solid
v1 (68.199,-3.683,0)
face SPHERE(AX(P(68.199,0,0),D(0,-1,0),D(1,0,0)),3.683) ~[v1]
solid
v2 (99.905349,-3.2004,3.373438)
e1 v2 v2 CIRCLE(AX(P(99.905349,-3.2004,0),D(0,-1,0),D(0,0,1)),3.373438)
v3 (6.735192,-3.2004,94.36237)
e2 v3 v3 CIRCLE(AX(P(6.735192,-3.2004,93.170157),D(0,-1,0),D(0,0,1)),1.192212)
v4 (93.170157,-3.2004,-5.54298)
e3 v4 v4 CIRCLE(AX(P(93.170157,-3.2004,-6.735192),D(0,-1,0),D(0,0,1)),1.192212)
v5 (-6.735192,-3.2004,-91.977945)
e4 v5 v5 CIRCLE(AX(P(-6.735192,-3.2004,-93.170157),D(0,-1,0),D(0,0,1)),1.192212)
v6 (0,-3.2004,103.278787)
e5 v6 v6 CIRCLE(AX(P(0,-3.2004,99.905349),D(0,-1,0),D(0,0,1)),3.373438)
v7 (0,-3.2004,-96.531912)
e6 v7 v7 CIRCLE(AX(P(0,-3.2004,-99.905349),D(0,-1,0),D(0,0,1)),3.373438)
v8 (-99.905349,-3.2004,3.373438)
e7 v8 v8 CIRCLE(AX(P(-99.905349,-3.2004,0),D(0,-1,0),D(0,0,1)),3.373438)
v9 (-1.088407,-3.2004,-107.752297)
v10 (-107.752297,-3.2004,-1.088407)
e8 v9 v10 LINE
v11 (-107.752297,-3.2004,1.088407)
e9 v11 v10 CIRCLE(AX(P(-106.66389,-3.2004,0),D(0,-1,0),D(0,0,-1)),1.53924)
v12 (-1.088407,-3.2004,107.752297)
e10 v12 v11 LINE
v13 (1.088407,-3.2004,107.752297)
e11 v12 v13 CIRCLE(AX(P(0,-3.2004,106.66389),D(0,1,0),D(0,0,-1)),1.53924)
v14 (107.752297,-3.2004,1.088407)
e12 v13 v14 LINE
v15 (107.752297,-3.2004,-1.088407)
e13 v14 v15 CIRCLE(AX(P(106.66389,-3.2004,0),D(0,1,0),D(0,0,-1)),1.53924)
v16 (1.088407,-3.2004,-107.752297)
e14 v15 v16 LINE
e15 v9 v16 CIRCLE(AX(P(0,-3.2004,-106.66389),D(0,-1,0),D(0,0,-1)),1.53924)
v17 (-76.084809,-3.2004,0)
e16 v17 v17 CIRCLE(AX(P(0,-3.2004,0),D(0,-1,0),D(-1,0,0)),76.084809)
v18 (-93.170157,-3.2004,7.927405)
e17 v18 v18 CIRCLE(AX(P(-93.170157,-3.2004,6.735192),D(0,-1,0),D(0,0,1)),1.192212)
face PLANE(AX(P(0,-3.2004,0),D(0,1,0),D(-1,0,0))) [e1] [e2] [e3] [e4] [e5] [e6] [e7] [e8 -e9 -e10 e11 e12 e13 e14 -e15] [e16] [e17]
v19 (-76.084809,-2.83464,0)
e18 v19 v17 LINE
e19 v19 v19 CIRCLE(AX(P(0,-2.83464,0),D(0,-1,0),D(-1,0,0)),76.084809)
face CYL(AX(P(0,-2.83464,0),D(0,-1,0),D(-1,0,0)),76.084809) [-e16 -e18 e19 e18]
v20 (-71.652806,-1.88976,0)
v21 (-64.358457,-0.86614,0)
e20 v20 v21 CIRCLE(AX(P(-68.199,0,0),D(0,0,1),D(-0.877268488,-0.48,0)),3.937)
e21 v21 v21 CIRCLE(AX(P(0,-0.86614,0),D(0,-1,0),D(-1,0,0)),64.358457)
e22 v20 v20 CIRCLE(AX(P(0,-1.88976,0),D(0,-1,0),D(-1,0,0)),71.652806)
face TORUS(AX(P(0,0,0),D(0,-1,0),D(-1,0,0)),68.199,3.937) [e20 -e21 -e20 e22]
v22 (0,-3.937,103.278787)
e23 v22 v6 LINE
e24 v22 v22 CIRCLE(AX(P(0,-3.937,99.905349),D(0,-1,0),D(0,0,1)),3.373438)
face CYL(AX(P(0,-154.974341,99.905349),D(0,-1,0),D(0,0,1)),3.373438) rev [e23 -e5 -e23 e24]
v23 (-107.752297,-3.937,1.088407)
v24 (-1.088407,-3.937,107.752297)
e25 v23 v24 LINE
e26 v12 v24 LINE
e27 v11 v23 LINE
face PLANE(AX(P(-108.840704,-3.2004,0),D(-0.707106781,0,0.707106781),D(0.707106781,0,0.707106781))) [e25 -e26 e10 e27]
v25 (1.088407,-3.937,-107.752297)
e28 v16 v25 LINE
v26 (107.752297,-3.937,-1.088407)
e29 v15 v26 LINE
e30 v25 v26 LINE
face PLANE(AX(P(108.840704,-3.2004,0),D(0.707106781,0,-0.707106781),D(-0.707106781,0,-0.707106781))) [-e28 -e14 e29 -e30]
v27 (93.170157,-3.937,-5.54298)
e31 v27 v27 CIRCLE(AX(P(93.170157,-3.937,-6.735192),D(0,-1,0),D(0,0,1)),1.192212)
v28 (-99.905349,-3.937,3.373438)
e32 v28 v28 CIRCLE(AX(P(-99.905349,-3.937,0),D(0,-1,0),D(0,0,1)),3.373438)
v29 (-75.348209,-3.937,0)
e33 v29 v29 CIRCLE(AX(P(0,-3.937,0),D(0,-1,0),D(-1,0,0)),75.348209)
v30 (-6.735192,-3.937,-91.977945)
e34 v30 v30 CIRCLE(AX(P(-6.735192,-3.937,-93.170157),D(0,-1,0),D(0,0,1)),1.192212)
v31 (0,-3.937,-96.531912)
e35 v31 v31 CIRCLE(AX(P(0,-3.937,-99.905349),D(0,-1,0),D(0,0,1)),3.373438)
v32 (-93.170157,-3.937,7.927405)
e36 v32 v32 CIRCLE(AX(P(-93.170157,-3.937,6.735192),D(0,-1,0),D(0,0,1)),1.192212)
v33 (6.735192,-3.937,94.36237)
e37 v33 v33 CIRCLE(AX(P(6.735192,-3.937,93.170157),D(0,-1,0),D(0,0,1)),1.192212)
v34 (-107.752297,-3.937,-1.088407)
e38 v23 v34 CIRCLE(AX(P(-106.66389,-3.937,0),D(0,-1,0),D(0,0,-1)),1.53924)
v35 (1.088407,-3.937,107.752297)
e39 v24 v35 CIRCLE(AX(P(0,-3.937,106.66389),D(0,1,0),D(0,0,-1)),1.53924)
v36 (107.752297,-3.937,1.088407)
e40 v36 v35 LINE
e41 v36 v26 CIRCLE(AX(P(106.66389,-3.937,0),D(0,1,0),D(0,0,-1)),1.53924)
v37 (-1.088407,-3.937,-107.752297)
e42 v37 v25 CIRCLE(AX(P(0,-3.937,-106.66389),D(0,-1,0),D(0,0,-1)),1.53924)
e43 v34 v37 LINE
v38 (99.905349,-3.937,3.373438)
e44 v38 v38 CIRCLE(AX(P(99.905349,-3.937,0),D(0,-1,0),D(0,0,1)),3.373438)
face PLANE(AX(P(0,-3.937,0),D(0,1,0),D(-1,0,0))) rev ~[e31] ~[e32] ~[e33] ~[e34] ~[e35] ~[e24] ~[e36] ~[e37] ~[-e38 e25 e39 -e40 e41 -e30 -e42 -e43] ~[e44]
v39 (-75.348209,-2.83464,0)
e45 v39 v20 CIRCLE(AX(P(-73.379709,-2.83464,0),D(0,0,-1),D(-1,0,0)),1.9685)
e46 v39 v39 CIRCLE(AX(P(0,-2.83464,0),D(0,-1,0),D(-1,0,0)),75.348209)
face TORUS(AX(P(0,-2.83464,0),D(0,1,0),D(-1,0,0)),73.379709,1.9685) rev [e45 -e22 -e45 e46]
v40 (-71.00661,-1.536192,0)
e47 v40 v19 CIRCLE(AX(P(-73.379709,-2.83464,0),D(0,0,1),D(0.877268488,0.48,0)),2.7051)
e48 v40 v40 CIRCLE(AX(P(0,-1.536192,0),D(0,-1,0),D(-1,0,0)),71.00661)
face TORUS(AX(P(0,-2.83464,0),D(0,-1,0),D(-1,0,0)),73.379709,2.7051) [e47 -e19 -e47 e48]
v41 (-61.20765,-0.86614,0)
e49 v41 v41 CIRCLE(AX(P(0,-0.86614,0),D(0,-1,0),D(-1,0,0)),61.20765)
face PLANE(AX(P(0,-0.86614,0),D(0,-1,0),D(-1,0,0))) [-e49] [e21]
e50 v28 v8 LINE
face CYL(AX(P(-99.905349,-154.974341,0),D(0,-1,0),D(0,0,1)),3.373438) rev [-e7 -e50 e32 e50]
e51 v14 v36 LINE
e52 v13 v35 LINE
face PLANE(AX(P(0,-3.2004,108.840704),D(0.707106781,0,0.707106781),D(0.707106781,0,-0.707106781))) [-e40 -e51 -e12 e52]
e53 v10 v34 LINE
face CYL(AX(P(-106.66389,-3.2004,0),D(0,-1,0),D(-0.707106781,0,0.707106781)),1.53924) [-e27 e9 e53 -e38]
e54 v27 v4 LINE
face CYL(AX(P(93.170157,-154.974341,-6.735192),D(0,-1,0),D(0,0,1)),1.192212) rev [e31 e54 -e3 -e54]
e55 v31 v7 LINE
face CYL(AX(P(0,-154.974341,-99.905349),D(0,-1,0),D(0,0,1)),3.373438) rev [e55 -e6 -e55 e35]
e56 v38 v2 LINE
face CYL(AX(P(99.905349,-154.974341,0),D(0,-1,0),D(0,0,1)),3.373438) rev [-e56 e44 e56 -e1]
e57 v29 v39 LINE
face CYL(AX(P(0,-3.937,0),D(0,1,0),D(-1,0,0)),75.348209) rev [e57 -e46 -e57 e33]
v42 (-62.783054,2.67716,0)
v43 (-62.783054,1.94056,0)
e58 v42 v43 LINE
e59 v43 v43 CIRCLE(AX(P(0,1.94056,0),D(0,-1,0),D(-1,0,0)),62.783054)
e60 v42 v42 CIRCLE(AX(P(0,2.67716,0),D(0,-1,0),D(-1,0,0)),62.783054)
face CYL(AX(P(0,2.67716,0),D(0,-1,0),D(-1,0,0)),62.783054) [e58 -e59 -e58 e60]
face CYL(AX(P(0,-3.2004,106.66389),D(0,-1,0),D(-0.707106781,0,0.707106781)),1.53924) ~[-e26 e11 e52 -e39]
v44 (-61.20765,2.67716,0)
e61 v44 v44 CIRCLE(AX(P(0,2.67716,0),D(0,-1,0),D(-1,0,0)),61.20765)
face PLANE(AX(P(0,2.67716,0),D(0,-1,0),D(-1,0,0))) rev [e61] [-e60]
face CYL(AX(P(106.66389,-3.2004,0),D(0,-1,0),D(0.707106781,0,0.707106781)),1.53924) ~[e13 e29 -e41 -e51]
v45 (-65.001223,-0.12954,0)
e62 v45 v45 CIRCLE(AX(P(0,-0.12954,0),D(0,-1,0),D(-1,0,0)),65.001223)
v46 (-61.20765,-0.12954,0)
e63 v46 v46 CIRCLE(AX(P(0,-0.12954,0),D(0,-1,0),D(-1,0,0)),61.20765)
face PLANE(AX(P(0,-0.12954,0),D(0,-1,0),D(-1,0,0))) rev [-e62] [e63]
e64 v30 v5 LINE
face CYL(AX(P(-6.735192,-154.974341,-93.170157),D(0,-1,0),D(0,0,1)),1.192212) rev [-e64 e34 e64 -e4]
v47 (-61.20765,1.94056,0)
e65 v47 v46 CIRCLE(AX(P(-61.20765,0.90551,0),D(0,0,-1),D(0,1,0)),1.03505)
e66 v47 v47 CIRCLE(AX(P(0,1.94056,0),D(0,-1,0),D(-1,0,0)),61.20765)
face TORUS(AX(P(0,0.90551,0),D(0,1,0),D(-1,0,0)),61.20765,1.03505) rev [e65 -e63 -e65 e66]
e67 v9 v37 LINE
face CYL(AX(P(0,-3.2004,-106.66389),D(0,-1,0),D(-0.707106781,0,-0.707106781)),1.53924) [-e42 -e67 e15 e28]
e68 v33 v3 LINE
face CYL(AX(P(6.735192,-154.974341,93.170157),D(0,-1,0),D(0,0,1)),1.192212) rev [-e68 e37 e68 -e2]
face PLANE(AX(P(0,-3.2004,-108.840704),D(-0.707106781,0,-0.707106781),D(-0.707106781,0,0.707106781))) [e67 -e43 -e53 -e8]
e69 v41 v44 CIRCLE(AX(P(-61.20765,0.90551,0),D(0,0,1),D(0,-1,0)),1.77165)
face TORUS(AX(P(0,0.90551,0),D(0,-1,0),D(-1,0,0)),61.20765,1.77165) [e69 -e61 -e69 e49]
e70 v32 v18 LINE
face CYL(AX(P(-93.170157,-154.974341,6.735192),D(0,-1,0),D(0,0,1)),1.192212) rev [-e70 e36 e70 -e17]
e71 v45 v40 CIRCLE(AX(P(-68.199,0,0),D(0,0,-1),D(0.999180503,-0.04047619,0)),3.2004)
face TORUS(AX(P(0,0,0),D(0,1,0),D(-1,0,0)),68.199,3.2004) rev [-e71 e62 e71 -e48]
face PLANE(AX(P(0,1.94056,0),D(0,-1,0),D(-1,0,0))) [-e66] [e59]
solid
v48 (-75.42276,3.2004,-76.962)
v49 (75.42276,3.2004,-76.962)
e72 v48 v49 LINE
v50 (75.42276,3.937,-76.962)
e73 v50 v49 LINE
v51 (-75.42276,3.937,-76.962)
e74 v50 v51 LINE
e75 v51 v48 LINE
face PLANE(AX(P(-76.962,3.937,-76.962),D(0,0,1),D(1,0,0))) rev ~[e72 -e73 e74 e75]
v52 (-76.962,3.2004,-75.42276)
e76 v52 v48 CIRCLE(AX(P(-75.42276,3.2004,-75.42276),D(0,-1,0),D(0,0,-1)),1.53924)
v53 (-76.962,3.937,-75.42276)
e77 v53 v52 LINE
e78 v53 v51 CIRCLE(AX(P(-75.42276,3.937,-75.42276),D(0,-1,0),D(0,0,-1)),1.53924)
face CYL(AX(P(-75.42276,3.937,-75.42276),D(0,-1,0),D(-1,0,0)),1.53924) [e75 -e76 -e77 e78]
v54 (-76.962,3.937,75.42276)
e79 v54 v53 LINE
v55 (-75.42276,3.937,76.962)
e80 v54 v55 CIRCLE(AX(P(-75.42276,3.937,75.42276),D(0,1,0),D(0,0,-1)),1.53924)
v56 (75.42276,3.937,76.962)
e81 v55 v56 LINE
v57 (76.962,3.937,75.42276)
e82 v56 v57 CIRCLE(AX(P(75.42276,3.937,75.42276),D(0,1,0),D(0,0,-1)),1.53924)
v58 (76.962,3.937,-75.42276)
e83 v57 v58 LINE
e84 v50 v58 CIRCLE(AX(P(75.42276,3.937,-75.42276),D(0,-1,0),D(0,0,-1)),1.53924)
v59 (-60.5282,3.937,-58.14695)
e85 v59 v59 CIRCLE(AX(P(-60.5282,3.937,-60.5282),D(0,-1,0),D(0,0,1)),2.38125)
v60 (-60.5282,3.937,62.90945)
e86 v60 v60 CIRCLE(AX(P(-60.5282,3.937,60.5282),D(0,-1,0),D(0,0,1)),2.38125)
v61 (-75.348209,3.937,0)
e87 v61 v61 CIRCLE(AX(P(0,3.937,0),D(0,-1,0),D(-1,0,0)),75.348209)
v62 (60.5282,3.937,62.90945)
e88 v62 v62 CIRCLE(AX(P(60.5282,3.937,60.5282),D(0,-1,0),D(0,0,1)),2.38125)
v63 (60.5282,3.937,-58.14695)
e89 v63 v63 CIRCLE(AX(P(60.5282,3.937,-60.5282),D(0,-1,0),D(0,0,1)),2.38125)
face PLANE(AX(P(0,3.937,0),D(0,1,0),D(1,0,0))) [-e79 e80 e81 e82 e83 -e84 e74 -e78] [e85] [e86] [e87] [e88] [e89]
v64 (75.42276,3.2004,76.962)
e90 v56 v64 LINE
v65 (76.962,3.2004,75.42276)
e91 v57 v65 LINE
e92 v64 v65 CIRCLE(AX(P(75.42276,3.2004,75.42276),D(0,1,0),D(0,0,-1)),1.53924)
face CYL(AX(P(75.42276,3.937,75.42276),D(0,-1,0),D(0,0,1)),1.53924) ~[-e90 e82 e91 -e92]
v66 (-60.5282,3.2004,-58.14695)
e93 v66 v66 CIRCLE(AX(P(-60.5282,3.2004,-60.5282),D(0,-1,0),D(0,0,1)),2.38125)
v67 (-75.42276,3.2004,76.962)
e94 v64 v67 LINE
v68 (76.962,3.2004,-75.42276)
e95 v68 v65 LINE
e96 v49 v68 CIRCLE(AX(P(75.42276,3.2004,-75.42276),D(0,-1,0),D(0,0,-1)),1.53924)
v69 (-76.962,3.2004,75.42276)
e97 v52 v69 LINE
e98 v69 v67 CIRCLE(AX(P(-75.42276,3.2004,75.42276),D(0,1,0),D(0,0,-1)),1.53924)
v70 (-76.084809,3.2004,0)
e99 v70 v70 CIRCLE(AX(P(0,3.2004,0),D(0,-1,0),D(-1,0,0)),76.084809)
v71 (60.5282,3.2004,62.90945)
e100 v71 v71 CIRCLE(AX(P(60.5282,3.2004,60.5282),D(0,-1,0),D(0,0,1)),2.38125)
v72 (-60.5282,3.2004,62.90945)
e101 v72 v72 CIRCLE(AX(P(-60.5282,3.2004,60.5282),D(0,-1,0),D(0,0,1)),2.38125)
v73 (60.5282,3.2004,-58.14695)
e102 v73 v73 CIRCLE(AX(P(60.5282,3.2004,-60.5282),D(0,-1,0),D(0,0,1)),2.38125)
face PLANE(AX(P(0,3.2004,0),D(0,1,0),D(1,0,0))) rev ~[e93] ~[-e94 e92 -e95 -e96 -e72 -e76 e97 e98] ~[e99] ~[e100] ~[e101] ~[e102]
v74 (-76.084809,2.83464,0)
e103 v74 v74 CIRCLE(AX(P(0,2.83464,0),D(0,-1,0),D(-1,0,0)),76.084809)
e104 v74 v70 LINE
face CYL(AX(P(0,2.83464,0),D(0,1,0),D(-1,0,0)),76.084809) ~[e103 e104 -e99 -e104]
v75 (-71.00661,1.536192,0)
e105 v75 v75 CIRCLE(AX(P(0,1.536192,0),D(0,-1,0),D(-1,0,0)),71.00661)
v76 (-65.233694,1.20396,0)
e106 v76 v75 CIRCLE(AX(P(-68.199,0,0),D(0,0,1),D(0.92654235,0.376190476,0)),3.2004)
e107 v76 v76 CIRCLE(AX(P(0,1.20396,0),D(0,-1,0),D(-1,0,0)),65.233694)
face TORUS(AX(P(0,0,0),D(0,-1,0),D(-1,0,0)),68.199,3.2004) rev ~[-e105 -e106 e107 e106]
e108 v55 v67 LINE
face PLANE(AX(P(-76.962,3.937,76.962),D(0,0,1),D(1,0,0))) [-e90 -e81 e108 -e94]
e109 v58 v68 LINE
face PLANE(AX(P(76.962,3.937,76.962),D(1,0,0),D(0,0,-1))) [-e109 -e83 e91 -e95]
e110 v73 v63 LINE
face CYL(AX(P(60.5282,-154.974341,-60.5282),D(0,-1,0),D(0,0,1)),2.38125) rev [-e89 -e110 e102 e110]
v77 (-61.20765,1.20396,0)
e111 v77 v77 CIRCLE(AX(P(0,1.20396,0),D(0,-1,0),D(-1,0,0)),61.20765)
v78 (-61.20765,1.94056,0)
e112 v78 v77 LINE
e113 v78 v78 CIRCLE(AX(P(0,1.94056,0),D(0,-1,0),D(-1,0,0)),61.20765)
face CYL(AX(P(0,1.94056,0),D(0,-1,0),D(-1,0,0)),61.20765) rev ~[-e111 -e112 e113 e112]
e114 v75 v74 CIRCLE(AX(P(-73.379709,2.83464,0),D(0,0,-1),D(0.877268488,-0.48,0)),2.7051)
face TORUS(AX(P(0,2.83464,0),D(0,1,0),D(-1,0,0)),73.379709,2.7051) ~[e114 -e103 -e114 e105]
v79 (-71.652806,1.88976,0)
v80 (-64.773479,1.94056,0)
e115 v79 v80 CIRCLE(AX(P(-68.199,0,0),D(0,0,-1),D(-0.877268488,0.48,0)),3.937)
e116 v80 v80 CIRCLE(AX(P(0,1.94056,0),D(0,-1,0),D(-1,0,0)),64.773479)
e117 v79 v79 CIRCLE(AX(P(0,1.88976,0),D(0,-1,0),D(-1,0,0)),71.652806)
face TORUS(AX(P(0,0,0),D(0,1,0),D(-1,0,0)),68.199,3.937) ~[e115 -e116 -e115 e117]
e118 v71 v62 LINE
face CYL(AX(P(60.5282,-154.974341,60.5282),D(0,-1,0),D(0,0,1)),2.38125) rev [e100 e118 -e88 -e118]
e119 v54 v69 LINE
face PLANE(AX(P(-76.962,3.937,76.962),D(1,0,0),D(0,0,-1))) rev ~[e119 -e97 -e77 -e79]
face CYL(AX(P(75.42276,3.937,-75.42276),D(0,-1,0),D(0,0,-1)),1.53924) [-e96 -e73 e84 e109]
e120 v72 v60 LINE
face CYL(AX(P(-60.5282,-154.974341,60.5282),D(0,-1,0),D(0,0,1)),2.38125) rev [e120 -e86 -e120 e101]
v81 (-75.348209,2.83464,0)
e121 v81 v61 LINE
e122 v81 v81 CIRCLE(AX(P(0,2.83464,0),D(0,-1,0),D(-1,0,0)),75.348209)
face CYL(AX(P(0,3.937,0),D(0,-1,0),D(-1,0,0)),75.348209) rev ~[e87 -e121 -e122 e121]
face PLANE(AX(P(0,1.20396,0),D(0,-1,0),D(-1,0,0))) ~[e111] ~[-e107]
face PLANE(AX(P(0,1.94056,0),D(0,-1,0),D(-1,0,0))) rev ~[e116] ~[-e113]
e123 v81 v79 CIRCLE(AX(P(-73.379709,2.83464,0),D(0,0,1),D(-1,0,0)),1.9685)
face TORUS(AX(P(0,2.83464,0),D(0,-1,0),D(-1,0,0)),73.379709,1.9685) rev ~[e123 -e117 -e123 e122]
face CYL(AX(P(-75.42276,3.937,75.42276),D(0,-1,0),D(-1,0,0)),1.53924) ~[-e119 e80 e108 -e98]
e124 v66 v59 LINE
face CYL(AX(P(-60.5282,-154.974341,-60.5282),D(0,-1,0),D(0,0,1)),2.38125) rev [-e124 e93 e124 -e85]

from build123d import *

# Parameters (mm, degrees)
SKETCH4_W               = 153.924
SKETCH4_H               = 153.924
SKETCH4_R               = 75.348209056
BOSS_EXTRUDE1_DEPTH     = 0.7366
BOSS_EXTRUDE2_START     = -0.7366
SKETCH5_R               = 75.348209056
BOSS_EXTRUDE2_DEPTH     = 0.7366
CUT_EXTRUDE1_DEPTH      = 154.974341193
CUT_EXTRUDE1_DEPTH_BACK = 154.974341193
SKETCH6_R               = 2.38125
CUT_EXTRUDE2_DEPTH      = 154.974341193
CUT_EXTRUDE2_DEPTH_BACK = 154.974341193
SKETCH7_R               = 3.3734375
SKETCH7_R_2             = 1.1922125
FILLET1_R               = 1.53924
FILLET2_R               = 1.53924


with BuildPart() as part:
    # Sketch3 → Revolve-Thin1 (revolve)
    with BuildSketch(Plane.XY, mode=Mode.PRIVATE) as revolve_thin1_sk:
        with BuildLine():
            Line((76.962, -3.937), (75.348209056, -3.937))
            Line((75.348209056, -3.937), (75.348209056, -2.83464))
            ThreePointArc((75.348209056, -2.83464), (73.867348091, -0.927495427), (71.652806037, -1.88976))
            ThreePointArc((71.652806037, -1.88976), (67.651879497, -3.898798296), (64.358457004, -0.86614))
            Line((64.358457004, -0.86614), (61.20765, -0.86614))
            ThreePointArc((61.20765, -0.86614), (59.436, 0.90551), (61.20765, 2.67716))
            Line((61.20765, 2.67716), (62.783053502, 2.67716))
            Line((62.783053502, 2.67716), (62.783053502, 1.94056))
            Line((62.783053502, 1.94056), (61.20765, 1.94056))
            ThreePointArc((61.20765, 1.94056), (60.1726, 0.90551), (61.20765, -0.12954))
            Line((61.20765, -0.12954), (65.001222718, -0.12954))
            ThreePointArc((65.001222718, -0.12954), (67.469119821, -3.116060828), (71.006610069, -1.536192))
            ThreePointArc((71.006610069, -1.536192), (74.049819472, -0.213854232), (76.084809056, -2.83464))
            Line((76.084809056, -2.83464), (76.084809056, -3.2004))
            Line((76.084809056, -3.2004), (76.962, -3.2004))
            Line((76.962, -3.2004), (76.962, -3.937))
        make_face()
    revolve(revolve_thin1_sk.sketch.rotate(Axis((0, 3.937, 0), (0, -1, 0)), 180), axis=Axis((0, 3.937, 0), (0, -1, 0)))

    # Sketch5 → Boss-Extrude2 (add)
    with BuildSketch(Plane.XZ.offset(3.937).offset(BOSS_EXTRUDE2_START)):
        Polygon((-108.840704187, 0), (0, 108.840704187), (108.840704187, 0), (0, -108.840704187), align=None)
        with Locations(Location((0, 0, 0), (0, 0, 180))):
            Circle(SKETCH5_R, mode=Mode.SUBTRACT)
    extrude(amount=BOSS_EXTRUDE2_DEPTH)

    # Sketch7 → Cut-Extrude2 (cut, two sides: drawn at the far end of the back side and taken through both)
    with BuildSketch(Plane(origin=(0, 0, 0), x_dir=(1, 0, 0), z_dir=(0, 1, 0)).offset(-CUT_EXTRUDE2_DEPTH_BACK)):
        with Locations(Location((99.905349347, 0, 0), (0, 0, 270))):
            Circle(SKETCH7_R)
        with Locations(Location((0, 99.905349347, 0), (0, 0, 270))):
            Circle(SKETCH7_R)
        with Locations(Location((-99.905349347, 0, 0), (0, 0, 270))):
            Circle(SKETCH7_R)
        with Locations(Location((0, -99.905349347, 0), (0, 0, 270))):
            Circle(SKETCH7_R)
        with Locations(Location((6.735192091, -93.170157256, 0), (0, 0, 270))):
            Circle(SKETCH7_R_2)
        with Locations(Location((-93.170157256, -6.735192091, 0), (0, 0, 270))):
            Circle(SKETCH7_R_2)
        with Locations(Location((-6.735192091, 93.170157256, 0), (0, 0, 270))):
            Circle(SKETCH7_R_2)
        with Locations(Location((93.170157256, 6.735192091, 0), (0, 0, 270))):
            Circle(SKETCH7_R_2)
    extrude(amount=CUT_EXTRUDE2_DEPTH + CUT_EXTRUDE2_DEPTH_BACK, mode=Mode.SUBTRACT)

    # Fillet2
    fillet2_edges = [part.edges().sort_by_distance(p)[0] for p in [
        (0, -3.5687, -108.840704187),
        (-108.840704187, -3.5687, 0),
        (0, -3.5687, 108.840704187),
        (108.840704187, -3.5687, 0),
    ]]
    fillet(fillet2_edges, radius=FILLET2_R)


with BuildPart() as body_2:
    # Sketch3<3> → Revolve-Thin2 (revolve)
    with BuildSketch(Plane.XY, mode=Mode.PRIVATE) as revolve_thin2_sk:
        with BuildLine():
            Line((76.962, 3.937), (75.348209056, 3.937))
            Line((75.348209056, 3.937), (75.348209056, 2.83464))
            ThreePointArc((75.348209056, 2.83464), (73.867348091, 0.927495427), (71.652806037, 1.88976))
            ThreePointArc((71.652806037, 1.88976), (68.228071759, 3.936892662), (64.773478742, 1.94056))
            Line((64.773478742, 1.94056), (61.20765, 1.94056))
            Line((61.20765, 1.94056), (61.20765, 1.20396))
            Line((61.20765, 1.20396), (65.233693864, 1.20396))
            ThreePointArc((65.233693864, 1.20396), (68.015120861, 3.195113241), (71.006610069, 1.536192))
            ThreePointArc((71.006610069, 1.536192), (74.049819472, 0.213854232), (76.084809056, 2.83464))
            Line((76.084809056, 2.83464), (76.084809056, 3.2004))
            Line((76.084809056, 3.2004), (76.962, 3.2004))
            Line((76.962, 3.2004), (76.962, 3.937))
        make_face()
    revolve(revolve_thin2_sk.sketch.rotate(Axis((0, 3.937, 0), (0, -1, 0)), 180), axis=Axis((0, 3.937, 0), (0, -1, 0)))

    # Sketch4 → Boss-Extrude1 (add)
    with BuildSketch(Plane(origin=(0, 3.937, 0), x_dir=(1, 0, 0), z_dir=(0, 1, 0))):
        Rectangle(SKETCH4_W, SKETCH4_H)
        with Locations(Location((0, 0, 0), (0, 0, 180))):
            Circle(SKETCH4_R, mode=Mode.SUBTRACT)
    extrude(amount=-BOSS_EXTRUDE1_DEPTH)

    # Sketch6 → Cut-Extrude1 (cut, two sides: drawn at the far end of the back side and taken through both)
    with BuildSketch(Plane(origin=(0, 0, 0), x_dir=(1, 0, 0), z_dir=(0, 1, 0)).offset(-CUT_EXTRUDE1_DEPTH_BACK)):
        with Locations(Location((-60.5282, 60.5282, 0), (0, 0, 270))):
            Circle(SKETCH6_R)
        with Locations(Location((-60.5282, -60.5282, 0), (0, 0, 270))):
            Circle(SKETCH6_R)
        with Locations(Location((60.5282, -60.5282, 0), (0, 0, 270))):
            Circle(SKETCH6_R)
        with Locations(Location((60.5282, 60.5282, 0), (0, 0, 270))):
            Circle(SKETCH6_R)
    extrude(amount=CUT_EXTRUDE1_DEPTH + CUT_EXTRUDE1_DEPTH_BACK, mode=Mode.SUBTRACT)

    # Fillet1
    fillet1_edges = [body_2.edges().sort_by_distance(p)[0] for p in [
        (-76.962, 3.5687, 76.962),
        (-76.962, 3.5687, -76.962),
        (76.962, 3.5687, -76.962),
        (76.962, 3.5687, 76.962),
    ]]
    fillet(fillet1_edges, radius=FILLET1_R)


with BuildPart() as body_3:
    # Sketch8 → Revolve1 (revolve)
    with BuildSketch(Plane.XY):
        with BuildLine():
            Line((68.199, -3.683), (68.199, 3.683))
            ThreePointArc((68.199, 3.683), (71.882, 0), (68.199, -3.683))
        make_face()
    revolve(axis=Axis((68.199, -3.683, 0), (0, 1, 0)))


solid = Compound([part.part, body_2.part, body_3.part])
